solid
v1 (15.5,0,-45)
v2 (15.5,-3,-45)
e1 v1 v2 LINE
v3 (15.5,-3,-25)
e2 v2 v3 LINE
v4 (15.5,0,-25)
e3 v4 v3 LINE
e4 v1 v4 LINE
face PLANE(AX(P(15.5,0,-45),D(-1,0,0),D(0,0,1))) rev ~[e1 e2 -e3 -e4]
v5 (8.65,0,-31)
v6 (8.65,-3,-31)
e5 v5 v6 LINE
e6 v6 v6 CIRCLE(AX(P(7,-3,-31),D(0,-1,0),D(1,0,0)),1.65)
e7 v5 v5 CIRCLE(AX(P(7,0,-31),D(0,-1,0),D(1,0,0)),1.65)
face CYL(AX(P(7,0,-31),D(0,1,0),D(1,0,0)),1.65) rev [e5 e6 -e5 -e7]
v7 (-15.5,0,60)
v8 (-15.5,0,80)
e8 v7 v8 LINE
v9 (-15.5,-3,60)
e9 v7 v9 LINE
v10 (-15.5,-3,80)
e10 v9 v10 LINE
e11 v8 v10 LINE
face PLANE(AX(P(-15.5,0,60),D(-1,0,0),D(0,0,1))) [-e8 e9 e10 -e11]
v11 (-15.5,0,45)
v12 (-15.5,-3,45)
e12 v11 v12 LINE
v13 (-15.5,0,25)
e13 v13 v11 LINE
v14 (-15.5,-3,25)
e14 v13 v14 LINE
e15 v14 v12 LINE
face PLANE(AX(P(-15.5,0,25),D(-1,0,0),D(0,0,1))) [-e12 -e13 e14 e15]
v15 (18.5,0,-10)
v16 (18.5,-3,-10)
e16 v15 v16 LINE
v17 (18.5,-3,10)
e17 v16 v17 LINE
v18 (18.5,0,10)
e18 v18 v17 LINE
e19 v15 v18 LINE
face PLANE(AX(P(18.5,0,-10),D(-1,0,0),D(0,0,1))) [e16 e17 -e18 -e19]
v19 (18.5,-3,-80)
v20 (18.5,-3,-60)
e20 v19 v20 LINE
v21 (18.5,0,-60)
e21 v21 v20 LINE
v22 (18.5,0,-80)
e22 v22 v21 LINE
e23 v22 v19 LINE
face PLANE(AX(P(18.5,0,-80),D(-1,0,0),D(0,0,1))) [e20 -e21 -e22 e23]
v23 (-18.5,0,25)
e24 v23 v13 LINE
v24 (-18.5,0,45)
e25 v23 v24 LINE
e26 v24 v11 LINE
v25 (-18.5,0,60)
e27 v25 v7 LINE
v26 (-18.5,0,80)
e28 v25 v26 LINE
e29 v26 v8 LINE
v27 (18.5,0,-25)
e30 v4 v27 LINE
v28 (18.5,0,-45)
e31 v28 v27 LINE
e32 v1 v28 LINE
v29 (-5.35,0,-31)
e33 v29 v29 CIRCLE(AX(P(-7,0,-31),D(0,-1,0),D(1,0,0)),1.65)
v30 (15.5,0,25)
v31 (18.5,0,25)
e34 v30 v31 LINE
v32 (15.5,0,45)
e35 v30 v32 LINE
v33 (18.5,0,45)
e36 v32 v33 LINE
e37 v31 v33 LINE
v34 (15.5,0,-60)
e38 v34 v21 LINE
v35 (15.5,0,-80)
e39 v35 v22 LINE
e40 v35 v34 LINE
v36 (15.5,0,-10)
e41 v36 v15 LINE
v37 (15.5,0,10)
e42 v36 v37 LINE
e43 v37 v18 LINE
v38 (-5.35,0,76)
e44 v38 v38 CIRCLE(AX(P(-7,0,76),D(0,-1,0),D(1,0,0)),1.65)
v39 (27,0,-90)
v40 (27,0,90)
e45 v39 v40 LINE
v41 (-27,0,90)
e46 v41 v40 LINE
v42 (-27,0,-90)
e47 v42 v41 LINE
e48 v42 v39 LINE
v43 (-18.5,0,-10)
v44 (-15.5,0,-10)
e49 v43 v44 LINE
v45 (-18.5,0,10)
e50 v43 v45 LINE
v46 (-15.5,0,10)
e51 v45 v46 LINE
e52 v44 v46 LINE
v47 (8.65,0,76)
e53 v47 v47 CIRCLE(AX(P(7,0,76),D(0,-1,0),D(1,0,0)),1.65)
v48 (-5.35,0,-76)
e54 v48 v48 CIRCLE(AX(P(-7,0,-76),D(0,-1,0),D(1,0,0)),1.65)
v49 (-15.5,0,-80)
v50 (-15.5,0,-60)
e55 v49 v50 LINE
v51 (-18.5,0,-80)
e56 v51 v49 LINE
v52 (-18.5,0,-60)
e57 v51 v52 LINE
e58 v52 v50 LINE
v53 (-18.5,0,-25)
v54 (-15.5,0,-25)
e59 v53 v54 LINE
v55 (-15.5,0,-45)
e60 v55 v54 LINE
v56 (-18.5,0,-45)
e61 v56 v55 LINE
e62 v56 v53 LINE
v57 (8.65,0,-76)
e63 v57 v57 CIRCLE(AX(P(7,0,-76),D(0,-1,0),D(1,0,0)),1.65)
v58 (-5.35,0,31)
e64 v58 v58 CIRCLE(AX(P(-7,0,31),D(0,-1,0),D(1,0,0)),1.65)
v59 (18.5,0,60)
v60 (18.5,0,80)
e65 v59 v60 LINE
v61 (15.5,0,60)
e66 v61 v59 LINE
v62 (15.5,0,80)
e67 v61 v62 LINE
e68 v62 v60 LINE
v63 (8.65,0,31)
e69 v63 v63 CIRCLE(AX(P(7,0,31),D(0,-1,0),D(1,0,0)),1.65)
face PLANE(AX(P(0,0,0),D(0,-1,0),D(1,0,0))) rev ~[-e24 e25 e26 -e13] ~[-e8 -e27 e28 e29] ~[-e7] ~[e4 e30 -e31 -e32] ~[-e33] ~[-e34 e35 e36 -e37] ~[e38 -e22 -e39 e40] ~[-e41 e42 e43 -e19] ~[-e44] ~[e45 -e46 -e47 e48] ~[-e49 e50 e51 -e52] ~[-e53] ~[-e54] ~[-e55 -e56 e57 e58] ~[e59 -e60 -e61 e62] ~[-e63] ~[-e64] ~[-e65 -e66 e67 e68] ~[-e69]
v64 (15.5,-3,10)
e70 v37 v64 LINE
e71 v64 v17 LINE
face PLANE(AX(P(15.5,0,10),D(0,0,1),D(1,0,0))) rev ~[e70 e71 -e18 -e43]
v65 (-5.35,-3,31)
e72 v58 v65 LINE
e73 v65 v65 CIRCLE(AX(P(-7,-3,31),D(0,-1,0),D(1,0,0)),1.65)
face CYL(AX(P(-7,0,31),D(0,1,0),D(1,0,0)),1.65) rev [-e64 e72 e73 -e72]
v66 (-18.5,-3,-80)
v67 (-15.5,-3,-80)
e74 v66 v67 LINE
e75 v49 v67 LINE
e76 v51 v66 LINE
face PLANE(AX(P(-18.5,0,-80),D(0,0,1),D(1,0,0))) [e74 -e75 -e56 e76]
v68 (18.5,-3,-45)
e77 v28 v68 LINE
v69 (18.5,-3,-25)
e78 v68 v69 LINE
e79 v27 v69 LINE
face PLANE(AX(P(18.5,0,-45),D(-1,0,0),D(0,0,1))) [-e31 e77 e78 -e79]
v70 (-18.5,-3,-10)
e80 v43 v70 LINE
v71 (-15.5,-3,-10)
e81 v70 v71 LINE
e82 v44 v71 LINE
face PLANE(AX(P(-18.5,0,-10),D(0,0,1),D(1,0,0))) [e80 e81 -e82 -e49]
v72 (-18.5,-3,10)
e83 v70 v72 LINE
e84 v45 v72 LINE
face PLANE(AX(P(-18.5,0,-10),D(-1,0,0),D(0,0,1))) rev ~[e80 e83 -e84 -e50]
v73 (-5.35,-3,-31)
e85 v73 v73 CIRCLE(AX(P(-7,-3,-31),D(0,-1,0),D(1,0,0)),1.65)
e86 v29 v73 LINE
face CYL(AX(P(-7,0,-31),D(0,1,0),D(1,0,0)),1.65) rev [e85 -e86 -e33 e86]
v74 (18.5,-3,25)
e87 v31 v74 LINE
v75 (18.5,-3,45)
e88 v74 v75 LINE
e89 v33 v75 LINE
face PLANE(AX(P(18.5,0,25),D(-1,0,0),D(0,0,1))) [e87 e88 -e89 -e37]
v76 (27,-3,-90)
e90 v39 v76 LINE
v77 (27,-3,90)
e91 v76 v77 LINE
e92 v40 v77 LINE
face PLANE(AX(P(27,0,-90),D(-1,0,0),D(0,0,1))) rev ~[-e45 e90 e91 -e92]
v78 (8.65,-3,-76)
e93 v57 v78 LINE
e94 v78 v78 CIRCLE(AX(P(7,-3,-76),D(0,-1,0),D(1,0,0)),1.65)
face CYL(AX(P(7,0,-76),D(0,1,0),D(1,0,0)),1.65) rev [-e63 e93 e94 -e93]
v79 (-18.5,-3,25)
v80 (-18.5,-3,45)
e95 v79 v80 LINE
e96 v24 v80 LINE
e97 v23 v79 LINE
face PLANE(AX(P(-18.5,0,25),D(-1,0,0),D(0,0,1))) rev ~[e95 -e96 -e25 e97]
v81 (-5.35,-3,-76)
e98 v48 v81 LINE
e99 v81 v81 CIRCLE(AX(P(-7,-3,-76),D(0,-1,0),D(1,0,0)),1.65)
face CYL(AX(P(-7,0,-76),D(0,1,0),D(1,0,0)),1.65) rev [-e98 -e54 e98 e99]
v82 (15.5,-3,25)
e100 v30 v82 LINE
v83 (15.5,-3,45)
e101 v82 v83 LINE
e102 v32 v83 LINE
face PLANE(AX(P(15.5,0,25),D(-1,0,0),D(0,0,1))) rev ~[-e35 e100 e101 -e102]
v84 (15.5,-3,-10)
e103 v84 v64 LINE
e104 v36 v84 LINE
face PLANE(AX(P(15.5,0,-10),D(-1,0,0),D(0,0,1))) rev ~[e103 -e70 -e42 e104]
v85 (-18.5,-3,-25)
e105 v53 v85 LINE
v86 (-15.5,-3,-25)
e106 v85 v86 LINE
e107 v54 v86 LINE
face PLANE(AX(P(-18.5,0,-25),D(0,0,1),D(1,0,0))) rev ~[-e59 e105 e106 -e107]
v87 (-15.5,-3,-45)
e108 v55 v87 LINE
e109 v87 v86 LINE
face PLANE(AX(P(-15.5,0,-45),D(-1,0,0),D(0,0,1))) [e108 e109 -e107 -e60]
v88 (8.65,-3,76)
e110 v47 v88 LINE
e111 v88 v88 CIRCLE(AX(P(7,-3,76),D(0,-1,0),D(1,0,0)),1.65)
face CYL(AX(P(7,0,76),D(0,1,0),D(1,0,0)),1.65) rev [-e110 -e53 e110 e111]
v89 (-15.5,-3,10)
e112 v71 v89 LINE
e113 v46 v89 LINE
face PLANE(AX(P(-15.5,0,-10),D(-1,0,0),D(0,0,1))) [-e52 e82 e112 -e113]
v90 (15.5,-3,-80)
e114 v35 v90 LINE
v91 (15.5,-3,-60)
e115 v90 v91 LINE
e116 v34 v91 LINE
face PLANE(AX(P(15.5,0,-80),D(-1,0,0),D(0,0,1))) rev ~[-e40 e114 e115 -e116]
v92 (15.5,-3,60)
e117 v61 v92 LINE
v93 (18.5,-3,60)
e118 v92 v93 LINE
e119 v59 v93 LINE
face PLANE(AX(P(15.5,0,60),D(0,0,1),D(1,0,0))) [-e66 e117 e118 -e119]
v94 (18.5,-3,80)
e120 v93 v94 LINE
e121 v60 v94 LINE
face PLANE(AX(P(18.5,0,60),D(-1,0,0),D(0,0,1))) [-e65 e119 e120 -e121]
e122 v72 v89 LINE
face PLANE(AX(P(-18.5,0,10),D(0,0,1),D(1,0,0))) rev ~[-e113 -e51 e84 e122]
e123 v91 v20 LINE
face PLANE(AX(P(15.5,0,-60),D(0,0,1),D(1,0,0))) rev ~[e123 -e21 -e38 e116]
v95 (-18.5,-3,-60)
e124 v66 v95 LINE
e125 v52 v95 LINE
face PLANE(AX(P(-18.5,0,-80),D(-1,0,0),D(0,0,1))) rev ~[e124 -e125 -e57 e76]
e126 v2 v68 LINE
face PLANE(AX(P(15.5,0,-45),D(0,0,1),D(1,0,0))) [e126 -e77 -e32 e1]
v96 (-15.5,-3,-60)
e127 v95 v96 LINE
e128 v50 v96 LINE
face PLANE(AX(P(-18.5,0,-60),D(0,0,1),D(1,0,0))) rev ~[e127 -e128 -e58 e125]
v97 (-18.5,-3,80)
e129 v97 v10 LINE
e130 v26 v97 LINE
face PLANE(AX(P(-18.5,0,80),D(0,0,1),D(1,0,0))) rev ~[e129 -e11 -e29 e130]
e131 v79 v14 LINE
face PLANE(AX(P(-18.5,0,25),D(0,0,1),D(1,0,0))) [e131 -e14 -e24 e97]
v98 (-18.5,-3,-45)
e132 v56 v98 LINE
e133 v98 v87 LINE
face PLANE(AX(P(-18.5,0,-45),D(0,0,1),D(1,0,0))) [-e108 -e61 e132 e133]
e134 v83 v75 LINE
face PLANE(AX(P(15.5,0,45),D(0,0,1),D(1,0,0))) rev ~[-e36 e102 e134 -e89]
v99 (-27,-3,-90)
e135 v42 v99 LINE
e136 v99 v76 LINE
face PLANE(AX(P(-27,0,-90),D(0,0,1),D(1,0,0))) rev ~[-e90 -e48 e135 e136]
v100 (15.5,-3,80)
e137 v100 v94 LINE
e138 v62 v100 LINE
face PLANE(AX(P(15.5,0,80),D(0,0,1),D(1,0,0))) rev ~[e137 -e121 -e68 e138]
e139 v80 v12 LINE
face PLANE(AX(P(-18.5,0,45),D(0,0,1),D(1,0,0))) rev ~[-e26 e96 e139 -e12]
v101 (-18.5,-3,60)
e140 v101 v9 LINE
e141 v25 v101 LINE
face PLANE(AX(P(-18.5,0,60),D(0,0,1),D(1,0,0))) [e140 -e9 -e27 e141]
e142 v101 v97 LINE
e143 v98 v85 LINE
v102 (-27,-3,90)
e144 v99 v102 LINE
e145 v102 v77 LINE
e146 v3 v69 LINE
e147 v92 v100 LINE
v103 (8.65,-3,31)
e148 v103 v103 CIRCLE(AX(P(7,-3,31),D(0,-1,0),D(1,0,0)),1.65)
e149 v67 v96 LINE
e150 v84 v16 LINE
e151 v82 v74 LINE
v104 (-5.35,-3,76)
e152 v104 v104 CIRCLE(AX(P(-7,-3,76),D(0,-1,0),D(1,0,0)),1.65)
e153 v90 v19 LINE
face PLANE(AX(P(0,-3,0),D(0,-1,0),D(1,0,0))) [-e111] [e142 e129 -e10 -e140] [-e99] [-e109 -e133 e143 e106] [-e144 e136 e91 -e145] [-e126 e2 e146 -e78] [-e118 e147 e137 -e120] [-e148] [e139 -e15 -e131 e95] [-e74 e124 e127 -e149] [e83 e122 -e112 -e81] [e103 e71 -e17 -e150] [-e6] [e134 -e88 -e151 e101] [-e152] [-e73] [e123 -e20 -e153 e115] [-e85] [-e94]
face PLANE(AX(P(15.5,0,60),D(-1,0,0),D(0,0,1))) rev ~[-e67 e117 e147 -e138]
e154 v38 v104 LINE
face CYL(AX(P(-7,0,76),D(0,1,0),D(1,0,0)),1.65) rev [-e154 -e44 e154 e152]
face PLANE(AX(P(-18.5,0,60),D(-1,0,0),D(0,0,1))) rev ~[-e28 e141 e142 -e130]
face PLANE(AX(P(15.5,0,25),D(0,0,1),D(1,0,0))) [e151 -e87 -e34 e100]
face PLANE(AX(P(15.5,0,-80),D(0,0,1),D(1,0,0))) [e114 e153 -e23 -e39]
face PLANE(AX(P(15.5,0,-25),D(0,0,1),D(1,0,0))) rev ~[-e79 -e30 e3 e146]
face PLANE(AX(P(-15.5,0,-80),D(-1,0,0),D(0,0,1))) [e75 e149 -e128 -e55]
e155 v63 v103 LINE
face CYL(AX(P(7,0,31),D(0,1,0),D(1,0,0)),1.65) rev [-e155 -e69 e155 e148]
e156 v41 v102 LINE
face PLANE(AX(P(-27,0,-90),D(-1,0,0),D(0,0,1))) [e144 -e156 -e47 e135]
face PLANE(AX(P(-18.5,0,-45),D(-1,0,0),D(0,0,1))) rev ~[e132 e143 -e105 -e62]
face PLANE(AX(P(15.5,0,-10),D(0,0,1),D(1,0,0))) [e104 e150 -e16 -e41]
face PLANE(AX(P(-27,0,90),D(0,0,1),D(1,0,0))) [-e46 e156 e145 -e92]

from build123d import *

# Parameters (mm, degrees)
F0_W     = 54
F0_H     = 180
F0_W_2   = 3
F0_H_2   = 20
F0_R     = 1.65
F1_DEPTH = 3


with BuildPart() as f1:
    # F0 (on Front) → F1 (new body)
    with BuildSketch(Plane.XZ):
        Rectangle(F0_W, F0_H)
        with Locations((-17, -70)):
            Rectangle(F0_W_2, F0_H_2, mode=Mode.SUBTRACT)
        with Locations((-7, -76)):
            Circle(F0_R, mode=Mode.SUBTRACT)
        with Locations((-17, -35)):
            Rectangle(F0_W_2, F0_H_2, mode=Mode.SUBTRACT)
        with Locations((-7, -31)):
            Circle(F0_R, mode=Mode.SUBTRACT)
        with Locations((7, -76)):
            Circle(F0_R, mode=Mode.SUBTRACT)
        with Locations((17, -70)):
            Rectangle(F0_W_2, F0_H_2, mode=Mode.SUBTRACT)
        with Locations((7, -31)):
            Circle(F0_R, mode=Mode.SUBTRACT)
        with Locations((17, -35)):
            Rectangle(F0_W_2, F0_H_2, mode=Mode.SUBTRACT)
        with Locations((-17, 0)):
            Rectangle(F0_W_2, F0_H_2, mode=Mode.SUBTRACT)
        with Locations((-17, 35)):
            Rectangle(F0_W_2, F0_H_2, mode=Mode.SUBTRACT)
        with Locations((-7, 31)):
            Circle(F0_R, mode=Mode.SUBTRACT)
        with Locations((-17, 70)):
            Rectangle(F0_W_2, F0_H_2, mode=Mode.SUBTRACT)
        with Locations((-7, 76)):
            Circle(F0_R, mode=Mode.SUBTRACT)
        with Locations((7, 31)):
            Circle(F0_R, mode=Mode.SUBTRACT)
        with Locations((17, 0)):
            Rectangle(F0_W_2, F0_H_2, mode=Mode.SUBTRACT)
        with Locations((17, 35)):
            Rectangle(F0_W_2, F0_H_2, mode=Mode.SUBTRACT)
        with Locations((7, 76)):
            Circle(F0_R, mode=Mode.SUBTRACT)
        with Locations((17, 70)):
            Rectangle(F0_W_2, F0_H_2, mode=Mode.SUBTRACT)
    extrude(amount=F1_DEPTH)


solid = f1.part
